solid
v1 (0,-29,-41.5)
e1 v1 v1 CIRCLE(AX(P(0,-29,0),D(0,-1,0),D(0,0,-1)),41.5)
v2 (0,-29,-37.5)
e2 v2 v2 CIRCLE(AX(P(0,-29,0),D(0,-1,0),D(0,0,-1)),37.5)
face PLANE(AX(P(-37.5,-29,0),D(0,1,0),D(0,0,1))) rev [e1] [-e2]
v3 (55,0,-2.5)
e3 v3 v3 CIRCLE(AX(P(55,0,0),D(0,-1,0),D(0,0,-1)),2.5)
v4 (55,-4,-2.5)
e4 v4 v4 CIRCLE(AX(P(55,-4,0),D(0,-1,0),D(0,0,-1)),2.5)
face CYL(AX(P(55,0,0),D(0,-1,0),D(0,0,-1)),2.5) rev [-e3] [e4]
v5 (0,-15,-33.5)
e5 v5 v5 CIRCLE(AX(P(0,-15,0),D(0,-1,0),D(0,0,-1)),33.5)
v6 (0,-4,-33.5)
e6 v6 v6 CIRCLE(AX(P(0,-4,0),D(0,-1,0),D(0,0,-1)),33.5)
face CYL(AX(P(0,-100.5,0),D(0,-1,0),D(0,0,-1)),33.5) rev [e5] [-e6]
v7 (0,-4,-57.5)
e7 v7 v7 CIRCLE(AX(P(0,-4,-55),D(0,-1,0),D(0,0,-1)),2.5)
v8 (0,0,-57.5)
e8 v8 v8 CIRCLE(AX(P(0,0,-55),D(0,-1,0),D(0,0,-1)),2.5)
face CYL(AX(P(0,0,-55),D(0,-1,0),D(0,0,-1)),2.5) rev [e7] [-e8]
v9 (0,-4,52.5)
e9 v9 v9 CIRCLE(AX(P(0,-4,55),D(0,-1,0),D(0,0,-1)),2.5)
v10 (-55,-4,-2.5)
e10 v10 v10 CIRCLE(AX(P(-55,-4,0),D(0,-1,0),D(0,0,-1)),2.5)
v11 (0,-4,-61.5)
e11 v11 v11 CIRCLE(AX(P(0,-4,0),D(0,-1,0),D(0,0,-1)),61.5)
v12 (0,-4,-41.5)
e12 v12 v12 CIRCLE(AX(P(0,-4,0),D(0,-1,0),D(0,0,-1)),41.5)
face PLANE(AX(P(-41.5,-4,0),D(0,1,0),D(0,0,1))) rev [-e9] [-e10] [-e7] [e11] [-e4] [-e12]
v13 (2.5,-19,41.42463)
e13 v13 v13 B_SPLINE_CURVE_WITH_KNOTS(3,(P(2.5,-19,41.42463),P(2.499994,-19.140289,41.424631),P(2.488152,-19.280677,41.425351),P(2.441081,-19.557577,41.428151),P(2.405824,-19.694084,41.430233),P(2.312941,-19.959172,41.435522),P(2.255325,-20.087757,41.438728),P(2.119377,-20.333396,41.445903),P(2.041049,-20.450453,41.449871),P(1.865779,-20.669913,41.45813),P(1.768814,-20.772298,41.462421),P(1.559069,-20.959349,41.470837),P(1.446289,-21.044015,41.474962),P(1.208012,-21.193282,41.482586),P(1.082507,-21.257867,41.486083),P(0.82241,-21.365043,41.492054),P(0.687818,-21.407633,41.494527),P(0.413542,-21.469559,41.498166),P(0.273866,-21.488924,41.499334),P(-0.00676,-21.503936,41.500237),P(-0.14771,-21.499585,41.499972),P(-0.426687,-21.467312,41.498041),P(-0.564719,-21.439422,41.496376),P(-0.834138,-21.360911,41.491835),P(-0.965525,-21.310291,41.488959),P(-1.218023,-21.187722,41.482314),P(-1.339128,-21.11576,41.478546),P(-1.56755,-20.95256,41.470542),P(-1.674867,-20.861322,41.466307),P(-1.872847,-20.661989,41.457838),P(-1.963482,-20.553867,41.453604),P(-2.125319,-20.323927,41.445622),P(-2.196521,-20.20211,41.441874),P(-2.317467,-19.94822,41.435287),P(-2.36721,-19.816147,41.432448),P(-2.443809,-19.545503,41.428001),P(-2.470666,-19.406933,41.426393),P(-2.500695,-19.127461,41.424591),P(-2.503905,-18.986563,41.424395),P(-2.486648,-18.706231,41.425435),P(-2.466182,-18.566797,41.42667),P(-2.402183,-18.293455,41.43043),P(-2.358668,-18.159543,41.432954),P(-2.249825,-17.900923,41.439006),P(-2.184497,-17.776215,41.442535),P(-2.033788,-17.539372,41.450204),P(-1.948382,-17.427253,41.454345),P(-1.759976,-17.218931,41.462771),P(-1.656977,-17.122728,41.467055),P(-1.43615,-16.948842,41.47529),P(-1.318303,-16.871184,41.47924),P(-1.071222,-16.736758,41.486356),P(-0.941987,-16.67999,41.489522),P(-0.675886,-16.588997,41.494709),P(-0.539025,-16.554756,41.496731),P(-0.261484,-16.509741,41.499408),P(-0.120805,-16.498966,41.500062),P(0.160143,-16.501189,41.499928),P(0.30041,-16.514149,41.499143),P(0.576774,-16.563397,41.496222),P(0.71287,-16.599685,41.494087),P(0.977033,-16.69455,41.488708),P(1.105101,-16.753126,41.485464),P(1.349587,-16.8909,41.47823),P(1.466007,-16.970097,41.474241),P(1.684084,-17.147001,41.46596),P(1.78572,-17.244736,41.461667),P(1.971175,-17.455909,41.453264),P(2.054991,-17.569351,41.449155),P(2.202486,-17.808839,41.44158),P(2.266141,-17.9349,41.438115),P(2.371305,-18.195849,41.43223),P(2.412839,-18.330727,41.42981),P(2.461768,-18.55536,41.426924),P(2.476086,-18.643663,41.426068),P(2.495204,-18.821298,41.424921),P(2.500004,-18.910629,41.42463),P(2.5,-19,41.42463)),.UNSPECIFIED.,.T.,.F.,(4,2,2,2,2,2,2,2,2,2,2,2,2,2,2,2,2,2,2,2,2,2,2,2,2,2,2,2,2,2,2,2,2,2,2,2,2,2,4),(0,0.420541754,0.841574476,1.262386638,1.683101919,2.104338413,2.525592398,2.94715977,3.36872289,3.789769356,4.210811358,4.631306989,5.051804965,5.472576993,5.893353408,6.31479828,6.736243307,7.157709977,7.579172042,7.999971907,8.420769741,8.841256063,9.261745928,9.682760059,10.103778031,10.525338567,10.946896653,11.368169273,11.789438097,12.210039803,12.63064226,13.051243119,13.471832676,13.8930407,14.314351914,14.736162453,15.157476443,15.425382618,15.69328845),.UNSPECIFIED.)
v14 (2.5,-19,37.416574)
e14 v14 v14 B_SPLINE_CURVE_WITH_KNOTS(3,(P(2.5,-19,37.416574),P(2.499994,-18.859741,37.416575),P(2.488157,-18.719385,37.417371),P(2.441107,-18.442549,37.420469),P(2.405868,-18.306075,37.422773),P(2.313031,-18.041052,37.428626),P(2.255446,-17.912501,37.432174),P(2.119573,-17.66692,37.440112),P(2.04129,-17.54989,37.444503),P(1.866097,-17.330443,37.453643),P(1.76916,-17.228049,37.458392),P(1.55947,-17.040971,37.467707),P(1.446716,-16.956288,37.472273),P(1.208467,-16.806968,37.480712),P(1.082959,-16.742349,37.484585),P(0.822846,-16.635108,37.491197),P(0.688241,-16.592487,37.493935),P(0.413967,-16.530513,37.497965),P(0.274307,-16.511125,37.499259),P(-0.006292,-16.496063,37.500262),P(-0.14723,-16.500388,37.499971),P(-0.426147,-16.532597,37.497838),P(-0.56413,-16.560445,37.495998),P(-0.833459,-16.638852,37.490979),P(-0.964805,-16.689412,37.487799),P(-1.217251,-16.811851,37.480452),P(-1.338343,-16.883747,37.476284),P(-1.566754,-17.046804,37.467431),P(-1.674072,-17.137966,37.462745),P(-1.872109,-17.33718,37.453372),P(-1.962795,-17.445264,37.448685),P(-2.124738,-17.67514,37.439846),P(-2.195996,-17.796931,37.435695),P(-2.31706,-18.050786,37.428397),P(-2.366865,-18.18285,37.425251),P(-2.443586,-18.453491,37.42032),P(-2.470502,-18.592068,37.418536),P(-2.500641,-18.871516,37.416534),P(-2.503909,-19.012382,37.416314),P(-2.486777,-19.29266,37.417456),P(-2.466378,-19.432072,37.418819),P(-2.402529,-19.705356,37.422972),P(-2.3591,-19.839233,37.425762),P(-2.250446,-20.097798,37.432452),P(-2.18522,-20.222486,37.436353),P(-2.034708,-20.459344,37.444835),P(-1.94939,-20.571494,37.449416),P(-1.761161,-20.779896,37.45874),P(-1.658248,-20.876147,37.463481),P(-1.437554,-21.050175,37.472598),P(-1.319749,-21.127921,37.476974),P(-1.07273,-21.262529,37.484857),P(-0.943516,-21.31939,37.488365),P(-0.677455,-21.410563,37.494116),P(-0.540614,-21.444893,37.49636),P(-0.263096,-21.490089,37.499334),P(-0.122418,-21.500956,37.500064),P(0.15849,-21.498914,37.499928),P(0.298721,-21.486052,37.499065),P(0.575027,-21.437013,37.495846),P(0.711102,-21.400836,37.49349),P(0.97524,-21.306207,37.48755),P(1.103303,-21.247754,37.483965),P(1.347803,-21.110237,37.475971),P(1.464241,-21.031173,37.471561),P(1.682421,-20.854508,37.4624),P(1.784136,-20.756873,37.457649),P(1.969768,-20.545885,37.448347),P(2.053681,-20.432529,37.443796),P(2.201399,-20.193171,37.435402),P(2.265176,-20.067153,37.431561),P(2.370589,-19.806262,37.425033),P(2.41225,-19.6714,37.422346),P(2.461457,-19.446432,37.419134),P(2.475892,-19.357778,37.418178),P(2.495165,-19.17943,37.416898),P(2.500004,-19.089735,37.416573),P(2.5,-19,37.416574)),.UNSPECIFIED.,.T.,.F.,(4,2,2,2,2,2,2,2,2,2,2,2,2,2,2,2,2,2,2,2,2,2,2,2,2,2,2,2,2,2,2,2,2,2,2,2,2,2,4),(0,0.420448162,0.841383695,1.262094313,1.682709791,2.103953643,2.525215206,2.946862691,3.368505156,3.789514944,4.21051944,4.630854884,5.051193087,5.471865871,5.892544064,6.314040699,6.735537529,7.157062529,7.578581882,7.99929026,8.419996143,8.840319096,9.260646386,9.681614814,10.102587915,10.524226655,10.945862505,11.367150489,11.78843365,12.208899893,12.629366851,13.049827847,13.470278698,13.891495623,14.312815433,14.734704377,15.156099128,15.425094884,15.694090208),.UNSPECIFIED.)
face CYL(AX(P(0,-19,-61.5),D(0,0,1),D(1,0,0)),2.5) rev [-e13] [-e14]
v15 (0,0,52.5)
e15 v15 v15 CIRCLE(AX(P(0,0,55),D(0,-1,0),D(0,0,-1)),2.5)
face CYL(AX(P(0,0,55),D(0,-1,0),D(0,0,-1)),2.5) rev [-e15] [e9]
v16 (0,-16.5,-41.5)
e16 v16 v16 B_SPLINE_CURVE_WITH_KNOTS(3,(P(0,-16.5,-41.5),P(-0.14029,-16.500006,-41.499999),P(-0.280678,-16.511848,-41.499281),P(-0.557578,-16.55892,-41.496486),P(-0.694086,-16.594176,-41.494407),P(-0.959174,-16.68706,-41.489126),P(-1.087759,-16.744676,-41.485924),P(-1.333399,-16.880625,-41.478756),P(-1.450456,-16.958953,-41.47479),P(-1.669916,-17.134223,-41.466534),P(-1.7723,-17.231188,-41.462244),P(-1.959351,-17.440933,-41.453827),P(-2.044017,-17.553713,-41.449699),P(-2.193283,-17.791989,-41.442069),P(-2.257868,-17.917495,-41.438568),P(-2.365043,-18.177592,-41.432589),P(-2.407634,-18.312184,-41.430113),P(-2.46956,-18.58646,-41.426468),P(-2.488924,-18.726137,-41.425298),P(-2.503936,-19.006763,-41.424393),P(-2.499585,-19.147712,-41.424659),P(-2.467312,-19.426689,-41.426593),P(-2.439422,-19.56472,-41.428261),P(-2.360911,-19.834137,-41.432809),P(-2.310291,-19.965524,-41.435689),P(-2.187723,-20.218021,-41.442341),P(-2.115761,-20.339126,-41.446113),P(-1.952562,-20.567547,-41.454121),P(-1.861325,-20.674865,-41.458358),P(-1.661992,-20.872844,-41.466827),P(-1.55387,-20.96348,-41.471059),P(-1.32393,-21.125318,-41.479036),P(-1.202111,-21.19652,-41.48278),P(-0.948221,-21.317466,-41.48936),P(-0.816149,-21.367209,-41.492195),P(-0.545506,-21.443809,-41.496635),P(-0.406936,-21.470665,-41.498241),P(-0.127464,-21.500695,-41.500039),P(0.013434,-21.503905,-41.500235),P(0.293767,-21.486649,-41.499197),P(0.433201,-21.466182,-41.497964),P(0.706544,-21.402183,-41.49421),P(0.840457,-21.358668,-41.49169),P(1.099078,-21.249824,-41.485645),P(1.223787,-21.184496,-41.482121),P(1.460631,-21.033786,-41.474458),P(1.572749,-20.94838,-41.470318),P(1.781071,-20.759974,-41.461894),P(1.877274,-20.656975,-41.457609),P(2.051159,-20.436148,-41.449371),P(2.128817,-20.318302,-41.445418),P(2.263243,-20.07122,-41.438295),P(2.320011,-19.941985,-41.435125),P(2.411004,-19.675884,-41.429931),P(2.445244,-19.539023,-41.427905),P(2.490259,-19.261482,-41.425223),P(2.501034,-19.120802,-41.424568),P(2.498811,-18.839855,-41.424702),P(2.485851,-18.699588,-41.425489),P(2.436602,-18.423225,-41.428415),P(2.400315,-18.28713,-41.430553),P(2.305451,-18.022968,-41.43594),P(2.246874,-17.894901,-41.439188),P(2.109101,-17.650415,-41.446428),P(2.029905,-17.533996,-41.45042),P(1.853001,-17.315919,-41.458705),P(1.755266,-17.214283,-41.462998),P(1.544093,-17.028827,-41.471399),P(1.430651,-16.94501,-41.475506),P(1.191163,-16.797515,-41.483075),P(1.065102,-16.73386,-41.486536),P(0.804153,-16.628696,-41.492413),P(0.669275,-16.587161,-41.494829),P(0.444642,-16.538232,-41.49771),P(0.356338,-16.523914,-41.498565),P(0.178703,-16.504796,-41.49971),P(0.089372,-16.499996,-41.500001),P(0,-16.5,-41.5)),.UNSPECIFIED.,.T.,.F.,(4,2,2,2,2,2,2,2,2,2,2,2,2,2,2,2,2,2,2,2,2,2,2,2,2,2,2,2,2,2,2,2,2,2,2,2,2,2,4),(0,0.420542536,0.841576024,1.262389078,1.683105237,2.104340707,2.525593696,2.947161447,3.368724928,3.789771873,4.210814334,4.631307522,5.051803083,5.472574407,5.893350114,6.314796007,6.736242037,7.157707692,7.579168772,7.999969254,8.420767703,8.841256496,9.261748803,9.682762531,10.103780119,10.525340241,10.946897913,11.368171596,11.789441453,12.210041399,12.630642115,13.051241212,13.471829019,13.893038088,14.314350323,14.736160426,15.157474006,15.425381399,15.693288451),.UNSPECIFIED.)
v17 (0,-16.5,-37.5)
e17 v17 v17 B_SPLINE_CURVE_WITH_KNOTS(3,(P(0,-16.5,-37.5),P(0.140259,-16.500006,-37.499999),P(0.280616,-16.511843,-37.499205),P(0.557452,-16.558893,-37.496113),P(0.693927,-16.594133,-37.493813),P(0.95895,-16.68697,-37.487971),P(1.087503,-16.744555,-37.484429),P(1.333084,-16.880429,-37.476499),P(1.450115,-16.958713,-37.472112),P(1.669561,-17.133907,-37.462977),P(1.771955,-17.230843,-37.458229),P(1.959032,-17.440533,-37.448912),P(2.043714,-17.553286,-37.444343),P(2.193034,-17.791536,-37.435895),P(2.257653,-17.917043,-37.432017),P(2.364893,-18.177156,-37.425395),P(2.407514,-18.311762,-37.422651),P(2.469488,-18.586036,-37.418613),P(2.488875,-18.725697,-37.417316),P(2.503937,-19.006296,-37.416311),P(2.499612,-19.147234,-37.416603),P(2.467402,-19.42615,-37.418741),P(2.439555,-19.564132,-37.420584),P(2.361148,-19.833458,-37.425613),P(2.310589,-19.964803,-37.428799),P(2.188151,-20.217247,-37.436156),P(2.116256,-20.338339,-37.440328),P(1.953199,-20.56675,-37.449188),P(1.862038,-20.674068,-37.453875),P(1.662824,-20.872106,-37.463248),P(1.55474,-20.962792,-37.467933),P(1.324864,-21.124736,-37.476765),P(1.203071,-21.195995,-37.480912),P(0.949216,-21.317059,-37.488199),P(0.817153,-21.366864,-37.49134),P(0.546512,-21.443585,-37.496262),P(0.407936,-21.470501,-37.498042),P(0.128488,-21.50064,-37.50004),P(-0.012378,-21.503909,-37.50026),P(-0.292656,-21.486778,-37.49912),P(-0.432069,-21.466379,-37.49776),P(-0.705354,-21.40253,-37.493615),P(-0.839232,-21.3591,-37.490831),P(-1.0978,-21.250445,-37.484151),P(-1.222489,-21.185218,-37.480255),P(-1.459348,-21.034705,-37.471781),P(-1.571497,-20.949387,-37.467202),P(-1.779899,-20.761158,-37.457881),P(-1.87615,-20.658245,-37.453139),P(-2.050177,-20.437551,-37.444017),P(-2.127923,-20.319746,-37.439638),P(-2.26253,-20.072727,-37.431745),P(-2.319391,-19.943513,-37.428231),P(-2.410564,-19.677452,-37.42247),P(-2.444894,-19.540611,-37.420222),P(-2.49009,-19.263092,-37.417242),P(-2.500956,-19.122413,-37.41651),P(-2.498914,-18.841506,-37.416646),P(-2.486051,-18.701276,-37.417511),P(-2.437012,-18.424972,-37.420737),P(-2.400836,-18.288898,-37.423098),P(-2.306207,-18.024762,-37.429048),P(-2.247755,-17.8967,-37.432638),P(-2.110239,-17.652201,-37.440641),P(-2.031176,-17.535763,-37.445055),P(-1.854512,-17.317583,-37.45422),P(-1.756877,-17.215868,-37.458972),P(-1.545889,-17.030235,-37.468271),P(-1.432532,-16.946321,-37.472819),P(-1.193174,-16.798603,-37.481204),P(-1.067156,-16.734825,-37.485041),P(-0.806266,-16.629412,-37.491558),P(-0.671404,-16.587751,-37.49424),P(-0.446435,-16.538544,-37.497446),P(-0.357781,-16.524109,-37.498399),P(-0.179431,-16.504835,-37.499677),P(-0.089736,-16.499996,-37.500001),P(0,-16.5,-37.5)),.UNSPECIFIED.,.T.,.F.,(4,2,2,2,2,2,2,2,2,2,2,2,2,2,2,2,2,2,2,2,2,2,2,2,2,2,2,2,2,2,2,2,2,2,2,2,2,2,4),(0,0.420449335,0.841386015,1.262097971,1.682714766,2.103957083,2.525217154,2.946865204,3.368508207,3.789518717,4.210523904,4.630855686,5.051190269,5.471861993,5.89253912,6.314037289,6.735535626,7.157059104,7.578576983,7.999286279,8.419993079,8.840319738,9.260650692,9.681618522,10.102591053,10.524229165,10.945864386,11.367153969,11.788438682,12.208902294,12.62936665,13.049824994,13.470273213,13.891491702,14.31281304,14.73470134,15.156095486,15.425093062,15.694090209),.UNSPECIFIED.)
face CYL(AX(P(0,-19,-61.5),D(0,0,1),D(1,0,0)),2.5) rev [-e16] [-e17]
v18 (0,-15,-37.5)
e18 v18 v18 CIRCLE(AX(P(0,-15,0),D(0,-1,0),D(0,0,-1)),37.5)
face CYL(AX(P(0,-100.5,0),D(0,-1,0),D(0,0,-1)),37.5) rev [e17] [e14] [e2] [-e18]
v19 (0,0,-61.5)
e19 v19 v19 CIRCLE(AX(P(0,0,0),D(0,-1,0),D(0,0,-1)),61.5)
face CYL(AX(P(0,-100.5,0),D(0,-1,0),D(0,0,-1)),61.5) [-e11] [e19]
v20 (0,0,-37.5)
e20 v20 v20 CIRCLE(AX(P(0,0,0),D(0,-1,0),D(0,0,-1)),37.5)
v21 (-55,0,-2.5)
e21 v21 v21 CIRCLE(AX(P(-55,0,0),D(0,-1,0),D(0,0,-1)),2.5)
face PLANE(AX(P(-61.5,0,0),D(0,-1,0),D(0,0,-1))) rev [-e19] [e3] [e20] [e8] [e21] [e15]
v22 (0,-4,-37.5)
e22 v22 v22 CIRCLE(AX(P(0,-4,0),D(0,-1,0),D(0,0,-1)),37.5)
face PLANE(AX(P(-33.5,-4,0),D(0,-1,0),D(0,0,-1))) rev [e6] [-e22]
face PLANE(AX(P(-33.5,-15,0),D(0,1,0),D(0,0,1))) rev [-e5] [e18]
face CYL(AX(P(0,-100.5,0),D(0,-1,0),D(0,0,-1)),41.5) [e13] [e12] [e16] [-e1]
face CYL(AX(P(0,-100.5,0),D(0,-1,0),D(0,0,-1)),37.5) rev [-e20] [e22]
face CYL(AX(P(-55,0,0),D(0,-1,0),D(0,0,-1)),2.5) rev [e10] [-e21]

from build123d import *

# Parameters (mm, degrees)
SKETCH2_R               = 2.5
CUT_EXTRUDE3_DEPTH      = 91.495856259
CUT_EXTRUDE6_DEPTH      = 92.681513949
CUT_EXTRUDE6_DEPTH_BACK = 92.681513949
SKETCH6_R               = 2.5


with BuildPart() as part:
    # Sketch1 → Revolve1 (revolve)
    with BuildSketch(Plane.XY, mode=Mode.PRIVATE) as revolve1_sk:
        Polygon((-41.5, -29), (-41.5, -4), (-61.5, -4), (-61.5, 0), (-37.5, 0), (-37.5, -4), (-33.5, -4), (-33.5, -15), (-37.5, -15), (-37.5, -29), align=None)
    revolve(revolve1_sk.sketch.rotate(Axis((0, -100.5, 0), (0, 1, 0)), 270), axis=Axis((0, -100.5, 0), (0, 1, 0)))

    # Sketch2 → Cut-Extrude3 (cut, through all)
    with BuildSketch(Plane.XZ.offset(4)):
        with Locations(Location((55, 0, 0), (0, 0, 270))):
            Circle(SKETCH2_R)
        with Locations(Location((-55, 0, 0), (0, 0, 270))):
            Circle(SKETCH2_R)
        with Locations(Location((0, 55, 0), (0, 0, 270))):
            Circle(SKETCH2_R)
        with Locations(Location((0, -55, 0), (0, 0, 270))):
            Circle(SKETCH2_R)
    extrude(amount=-CUT_EXTRUDE3_DEPTH, mode=Mode.SUBTRACT)

    # Sketch6 → Cut-Extrude6 (cut, two sides: drawn at the far end of the back side and taken through both)
    with BuildSketch(Plane.XY.offset(-CUT_EXTRUDE6_DEPTH_BACK)):
        with Locations((0, -19)):
            Circle(SKETCH6_R)
    extrude(amount=CUT_EXTRUDE6_DEPTH + CUT_EXTRUDE6_DEPTH_BACK, mode=Mode.SUBTRACT)


solid = part.part
